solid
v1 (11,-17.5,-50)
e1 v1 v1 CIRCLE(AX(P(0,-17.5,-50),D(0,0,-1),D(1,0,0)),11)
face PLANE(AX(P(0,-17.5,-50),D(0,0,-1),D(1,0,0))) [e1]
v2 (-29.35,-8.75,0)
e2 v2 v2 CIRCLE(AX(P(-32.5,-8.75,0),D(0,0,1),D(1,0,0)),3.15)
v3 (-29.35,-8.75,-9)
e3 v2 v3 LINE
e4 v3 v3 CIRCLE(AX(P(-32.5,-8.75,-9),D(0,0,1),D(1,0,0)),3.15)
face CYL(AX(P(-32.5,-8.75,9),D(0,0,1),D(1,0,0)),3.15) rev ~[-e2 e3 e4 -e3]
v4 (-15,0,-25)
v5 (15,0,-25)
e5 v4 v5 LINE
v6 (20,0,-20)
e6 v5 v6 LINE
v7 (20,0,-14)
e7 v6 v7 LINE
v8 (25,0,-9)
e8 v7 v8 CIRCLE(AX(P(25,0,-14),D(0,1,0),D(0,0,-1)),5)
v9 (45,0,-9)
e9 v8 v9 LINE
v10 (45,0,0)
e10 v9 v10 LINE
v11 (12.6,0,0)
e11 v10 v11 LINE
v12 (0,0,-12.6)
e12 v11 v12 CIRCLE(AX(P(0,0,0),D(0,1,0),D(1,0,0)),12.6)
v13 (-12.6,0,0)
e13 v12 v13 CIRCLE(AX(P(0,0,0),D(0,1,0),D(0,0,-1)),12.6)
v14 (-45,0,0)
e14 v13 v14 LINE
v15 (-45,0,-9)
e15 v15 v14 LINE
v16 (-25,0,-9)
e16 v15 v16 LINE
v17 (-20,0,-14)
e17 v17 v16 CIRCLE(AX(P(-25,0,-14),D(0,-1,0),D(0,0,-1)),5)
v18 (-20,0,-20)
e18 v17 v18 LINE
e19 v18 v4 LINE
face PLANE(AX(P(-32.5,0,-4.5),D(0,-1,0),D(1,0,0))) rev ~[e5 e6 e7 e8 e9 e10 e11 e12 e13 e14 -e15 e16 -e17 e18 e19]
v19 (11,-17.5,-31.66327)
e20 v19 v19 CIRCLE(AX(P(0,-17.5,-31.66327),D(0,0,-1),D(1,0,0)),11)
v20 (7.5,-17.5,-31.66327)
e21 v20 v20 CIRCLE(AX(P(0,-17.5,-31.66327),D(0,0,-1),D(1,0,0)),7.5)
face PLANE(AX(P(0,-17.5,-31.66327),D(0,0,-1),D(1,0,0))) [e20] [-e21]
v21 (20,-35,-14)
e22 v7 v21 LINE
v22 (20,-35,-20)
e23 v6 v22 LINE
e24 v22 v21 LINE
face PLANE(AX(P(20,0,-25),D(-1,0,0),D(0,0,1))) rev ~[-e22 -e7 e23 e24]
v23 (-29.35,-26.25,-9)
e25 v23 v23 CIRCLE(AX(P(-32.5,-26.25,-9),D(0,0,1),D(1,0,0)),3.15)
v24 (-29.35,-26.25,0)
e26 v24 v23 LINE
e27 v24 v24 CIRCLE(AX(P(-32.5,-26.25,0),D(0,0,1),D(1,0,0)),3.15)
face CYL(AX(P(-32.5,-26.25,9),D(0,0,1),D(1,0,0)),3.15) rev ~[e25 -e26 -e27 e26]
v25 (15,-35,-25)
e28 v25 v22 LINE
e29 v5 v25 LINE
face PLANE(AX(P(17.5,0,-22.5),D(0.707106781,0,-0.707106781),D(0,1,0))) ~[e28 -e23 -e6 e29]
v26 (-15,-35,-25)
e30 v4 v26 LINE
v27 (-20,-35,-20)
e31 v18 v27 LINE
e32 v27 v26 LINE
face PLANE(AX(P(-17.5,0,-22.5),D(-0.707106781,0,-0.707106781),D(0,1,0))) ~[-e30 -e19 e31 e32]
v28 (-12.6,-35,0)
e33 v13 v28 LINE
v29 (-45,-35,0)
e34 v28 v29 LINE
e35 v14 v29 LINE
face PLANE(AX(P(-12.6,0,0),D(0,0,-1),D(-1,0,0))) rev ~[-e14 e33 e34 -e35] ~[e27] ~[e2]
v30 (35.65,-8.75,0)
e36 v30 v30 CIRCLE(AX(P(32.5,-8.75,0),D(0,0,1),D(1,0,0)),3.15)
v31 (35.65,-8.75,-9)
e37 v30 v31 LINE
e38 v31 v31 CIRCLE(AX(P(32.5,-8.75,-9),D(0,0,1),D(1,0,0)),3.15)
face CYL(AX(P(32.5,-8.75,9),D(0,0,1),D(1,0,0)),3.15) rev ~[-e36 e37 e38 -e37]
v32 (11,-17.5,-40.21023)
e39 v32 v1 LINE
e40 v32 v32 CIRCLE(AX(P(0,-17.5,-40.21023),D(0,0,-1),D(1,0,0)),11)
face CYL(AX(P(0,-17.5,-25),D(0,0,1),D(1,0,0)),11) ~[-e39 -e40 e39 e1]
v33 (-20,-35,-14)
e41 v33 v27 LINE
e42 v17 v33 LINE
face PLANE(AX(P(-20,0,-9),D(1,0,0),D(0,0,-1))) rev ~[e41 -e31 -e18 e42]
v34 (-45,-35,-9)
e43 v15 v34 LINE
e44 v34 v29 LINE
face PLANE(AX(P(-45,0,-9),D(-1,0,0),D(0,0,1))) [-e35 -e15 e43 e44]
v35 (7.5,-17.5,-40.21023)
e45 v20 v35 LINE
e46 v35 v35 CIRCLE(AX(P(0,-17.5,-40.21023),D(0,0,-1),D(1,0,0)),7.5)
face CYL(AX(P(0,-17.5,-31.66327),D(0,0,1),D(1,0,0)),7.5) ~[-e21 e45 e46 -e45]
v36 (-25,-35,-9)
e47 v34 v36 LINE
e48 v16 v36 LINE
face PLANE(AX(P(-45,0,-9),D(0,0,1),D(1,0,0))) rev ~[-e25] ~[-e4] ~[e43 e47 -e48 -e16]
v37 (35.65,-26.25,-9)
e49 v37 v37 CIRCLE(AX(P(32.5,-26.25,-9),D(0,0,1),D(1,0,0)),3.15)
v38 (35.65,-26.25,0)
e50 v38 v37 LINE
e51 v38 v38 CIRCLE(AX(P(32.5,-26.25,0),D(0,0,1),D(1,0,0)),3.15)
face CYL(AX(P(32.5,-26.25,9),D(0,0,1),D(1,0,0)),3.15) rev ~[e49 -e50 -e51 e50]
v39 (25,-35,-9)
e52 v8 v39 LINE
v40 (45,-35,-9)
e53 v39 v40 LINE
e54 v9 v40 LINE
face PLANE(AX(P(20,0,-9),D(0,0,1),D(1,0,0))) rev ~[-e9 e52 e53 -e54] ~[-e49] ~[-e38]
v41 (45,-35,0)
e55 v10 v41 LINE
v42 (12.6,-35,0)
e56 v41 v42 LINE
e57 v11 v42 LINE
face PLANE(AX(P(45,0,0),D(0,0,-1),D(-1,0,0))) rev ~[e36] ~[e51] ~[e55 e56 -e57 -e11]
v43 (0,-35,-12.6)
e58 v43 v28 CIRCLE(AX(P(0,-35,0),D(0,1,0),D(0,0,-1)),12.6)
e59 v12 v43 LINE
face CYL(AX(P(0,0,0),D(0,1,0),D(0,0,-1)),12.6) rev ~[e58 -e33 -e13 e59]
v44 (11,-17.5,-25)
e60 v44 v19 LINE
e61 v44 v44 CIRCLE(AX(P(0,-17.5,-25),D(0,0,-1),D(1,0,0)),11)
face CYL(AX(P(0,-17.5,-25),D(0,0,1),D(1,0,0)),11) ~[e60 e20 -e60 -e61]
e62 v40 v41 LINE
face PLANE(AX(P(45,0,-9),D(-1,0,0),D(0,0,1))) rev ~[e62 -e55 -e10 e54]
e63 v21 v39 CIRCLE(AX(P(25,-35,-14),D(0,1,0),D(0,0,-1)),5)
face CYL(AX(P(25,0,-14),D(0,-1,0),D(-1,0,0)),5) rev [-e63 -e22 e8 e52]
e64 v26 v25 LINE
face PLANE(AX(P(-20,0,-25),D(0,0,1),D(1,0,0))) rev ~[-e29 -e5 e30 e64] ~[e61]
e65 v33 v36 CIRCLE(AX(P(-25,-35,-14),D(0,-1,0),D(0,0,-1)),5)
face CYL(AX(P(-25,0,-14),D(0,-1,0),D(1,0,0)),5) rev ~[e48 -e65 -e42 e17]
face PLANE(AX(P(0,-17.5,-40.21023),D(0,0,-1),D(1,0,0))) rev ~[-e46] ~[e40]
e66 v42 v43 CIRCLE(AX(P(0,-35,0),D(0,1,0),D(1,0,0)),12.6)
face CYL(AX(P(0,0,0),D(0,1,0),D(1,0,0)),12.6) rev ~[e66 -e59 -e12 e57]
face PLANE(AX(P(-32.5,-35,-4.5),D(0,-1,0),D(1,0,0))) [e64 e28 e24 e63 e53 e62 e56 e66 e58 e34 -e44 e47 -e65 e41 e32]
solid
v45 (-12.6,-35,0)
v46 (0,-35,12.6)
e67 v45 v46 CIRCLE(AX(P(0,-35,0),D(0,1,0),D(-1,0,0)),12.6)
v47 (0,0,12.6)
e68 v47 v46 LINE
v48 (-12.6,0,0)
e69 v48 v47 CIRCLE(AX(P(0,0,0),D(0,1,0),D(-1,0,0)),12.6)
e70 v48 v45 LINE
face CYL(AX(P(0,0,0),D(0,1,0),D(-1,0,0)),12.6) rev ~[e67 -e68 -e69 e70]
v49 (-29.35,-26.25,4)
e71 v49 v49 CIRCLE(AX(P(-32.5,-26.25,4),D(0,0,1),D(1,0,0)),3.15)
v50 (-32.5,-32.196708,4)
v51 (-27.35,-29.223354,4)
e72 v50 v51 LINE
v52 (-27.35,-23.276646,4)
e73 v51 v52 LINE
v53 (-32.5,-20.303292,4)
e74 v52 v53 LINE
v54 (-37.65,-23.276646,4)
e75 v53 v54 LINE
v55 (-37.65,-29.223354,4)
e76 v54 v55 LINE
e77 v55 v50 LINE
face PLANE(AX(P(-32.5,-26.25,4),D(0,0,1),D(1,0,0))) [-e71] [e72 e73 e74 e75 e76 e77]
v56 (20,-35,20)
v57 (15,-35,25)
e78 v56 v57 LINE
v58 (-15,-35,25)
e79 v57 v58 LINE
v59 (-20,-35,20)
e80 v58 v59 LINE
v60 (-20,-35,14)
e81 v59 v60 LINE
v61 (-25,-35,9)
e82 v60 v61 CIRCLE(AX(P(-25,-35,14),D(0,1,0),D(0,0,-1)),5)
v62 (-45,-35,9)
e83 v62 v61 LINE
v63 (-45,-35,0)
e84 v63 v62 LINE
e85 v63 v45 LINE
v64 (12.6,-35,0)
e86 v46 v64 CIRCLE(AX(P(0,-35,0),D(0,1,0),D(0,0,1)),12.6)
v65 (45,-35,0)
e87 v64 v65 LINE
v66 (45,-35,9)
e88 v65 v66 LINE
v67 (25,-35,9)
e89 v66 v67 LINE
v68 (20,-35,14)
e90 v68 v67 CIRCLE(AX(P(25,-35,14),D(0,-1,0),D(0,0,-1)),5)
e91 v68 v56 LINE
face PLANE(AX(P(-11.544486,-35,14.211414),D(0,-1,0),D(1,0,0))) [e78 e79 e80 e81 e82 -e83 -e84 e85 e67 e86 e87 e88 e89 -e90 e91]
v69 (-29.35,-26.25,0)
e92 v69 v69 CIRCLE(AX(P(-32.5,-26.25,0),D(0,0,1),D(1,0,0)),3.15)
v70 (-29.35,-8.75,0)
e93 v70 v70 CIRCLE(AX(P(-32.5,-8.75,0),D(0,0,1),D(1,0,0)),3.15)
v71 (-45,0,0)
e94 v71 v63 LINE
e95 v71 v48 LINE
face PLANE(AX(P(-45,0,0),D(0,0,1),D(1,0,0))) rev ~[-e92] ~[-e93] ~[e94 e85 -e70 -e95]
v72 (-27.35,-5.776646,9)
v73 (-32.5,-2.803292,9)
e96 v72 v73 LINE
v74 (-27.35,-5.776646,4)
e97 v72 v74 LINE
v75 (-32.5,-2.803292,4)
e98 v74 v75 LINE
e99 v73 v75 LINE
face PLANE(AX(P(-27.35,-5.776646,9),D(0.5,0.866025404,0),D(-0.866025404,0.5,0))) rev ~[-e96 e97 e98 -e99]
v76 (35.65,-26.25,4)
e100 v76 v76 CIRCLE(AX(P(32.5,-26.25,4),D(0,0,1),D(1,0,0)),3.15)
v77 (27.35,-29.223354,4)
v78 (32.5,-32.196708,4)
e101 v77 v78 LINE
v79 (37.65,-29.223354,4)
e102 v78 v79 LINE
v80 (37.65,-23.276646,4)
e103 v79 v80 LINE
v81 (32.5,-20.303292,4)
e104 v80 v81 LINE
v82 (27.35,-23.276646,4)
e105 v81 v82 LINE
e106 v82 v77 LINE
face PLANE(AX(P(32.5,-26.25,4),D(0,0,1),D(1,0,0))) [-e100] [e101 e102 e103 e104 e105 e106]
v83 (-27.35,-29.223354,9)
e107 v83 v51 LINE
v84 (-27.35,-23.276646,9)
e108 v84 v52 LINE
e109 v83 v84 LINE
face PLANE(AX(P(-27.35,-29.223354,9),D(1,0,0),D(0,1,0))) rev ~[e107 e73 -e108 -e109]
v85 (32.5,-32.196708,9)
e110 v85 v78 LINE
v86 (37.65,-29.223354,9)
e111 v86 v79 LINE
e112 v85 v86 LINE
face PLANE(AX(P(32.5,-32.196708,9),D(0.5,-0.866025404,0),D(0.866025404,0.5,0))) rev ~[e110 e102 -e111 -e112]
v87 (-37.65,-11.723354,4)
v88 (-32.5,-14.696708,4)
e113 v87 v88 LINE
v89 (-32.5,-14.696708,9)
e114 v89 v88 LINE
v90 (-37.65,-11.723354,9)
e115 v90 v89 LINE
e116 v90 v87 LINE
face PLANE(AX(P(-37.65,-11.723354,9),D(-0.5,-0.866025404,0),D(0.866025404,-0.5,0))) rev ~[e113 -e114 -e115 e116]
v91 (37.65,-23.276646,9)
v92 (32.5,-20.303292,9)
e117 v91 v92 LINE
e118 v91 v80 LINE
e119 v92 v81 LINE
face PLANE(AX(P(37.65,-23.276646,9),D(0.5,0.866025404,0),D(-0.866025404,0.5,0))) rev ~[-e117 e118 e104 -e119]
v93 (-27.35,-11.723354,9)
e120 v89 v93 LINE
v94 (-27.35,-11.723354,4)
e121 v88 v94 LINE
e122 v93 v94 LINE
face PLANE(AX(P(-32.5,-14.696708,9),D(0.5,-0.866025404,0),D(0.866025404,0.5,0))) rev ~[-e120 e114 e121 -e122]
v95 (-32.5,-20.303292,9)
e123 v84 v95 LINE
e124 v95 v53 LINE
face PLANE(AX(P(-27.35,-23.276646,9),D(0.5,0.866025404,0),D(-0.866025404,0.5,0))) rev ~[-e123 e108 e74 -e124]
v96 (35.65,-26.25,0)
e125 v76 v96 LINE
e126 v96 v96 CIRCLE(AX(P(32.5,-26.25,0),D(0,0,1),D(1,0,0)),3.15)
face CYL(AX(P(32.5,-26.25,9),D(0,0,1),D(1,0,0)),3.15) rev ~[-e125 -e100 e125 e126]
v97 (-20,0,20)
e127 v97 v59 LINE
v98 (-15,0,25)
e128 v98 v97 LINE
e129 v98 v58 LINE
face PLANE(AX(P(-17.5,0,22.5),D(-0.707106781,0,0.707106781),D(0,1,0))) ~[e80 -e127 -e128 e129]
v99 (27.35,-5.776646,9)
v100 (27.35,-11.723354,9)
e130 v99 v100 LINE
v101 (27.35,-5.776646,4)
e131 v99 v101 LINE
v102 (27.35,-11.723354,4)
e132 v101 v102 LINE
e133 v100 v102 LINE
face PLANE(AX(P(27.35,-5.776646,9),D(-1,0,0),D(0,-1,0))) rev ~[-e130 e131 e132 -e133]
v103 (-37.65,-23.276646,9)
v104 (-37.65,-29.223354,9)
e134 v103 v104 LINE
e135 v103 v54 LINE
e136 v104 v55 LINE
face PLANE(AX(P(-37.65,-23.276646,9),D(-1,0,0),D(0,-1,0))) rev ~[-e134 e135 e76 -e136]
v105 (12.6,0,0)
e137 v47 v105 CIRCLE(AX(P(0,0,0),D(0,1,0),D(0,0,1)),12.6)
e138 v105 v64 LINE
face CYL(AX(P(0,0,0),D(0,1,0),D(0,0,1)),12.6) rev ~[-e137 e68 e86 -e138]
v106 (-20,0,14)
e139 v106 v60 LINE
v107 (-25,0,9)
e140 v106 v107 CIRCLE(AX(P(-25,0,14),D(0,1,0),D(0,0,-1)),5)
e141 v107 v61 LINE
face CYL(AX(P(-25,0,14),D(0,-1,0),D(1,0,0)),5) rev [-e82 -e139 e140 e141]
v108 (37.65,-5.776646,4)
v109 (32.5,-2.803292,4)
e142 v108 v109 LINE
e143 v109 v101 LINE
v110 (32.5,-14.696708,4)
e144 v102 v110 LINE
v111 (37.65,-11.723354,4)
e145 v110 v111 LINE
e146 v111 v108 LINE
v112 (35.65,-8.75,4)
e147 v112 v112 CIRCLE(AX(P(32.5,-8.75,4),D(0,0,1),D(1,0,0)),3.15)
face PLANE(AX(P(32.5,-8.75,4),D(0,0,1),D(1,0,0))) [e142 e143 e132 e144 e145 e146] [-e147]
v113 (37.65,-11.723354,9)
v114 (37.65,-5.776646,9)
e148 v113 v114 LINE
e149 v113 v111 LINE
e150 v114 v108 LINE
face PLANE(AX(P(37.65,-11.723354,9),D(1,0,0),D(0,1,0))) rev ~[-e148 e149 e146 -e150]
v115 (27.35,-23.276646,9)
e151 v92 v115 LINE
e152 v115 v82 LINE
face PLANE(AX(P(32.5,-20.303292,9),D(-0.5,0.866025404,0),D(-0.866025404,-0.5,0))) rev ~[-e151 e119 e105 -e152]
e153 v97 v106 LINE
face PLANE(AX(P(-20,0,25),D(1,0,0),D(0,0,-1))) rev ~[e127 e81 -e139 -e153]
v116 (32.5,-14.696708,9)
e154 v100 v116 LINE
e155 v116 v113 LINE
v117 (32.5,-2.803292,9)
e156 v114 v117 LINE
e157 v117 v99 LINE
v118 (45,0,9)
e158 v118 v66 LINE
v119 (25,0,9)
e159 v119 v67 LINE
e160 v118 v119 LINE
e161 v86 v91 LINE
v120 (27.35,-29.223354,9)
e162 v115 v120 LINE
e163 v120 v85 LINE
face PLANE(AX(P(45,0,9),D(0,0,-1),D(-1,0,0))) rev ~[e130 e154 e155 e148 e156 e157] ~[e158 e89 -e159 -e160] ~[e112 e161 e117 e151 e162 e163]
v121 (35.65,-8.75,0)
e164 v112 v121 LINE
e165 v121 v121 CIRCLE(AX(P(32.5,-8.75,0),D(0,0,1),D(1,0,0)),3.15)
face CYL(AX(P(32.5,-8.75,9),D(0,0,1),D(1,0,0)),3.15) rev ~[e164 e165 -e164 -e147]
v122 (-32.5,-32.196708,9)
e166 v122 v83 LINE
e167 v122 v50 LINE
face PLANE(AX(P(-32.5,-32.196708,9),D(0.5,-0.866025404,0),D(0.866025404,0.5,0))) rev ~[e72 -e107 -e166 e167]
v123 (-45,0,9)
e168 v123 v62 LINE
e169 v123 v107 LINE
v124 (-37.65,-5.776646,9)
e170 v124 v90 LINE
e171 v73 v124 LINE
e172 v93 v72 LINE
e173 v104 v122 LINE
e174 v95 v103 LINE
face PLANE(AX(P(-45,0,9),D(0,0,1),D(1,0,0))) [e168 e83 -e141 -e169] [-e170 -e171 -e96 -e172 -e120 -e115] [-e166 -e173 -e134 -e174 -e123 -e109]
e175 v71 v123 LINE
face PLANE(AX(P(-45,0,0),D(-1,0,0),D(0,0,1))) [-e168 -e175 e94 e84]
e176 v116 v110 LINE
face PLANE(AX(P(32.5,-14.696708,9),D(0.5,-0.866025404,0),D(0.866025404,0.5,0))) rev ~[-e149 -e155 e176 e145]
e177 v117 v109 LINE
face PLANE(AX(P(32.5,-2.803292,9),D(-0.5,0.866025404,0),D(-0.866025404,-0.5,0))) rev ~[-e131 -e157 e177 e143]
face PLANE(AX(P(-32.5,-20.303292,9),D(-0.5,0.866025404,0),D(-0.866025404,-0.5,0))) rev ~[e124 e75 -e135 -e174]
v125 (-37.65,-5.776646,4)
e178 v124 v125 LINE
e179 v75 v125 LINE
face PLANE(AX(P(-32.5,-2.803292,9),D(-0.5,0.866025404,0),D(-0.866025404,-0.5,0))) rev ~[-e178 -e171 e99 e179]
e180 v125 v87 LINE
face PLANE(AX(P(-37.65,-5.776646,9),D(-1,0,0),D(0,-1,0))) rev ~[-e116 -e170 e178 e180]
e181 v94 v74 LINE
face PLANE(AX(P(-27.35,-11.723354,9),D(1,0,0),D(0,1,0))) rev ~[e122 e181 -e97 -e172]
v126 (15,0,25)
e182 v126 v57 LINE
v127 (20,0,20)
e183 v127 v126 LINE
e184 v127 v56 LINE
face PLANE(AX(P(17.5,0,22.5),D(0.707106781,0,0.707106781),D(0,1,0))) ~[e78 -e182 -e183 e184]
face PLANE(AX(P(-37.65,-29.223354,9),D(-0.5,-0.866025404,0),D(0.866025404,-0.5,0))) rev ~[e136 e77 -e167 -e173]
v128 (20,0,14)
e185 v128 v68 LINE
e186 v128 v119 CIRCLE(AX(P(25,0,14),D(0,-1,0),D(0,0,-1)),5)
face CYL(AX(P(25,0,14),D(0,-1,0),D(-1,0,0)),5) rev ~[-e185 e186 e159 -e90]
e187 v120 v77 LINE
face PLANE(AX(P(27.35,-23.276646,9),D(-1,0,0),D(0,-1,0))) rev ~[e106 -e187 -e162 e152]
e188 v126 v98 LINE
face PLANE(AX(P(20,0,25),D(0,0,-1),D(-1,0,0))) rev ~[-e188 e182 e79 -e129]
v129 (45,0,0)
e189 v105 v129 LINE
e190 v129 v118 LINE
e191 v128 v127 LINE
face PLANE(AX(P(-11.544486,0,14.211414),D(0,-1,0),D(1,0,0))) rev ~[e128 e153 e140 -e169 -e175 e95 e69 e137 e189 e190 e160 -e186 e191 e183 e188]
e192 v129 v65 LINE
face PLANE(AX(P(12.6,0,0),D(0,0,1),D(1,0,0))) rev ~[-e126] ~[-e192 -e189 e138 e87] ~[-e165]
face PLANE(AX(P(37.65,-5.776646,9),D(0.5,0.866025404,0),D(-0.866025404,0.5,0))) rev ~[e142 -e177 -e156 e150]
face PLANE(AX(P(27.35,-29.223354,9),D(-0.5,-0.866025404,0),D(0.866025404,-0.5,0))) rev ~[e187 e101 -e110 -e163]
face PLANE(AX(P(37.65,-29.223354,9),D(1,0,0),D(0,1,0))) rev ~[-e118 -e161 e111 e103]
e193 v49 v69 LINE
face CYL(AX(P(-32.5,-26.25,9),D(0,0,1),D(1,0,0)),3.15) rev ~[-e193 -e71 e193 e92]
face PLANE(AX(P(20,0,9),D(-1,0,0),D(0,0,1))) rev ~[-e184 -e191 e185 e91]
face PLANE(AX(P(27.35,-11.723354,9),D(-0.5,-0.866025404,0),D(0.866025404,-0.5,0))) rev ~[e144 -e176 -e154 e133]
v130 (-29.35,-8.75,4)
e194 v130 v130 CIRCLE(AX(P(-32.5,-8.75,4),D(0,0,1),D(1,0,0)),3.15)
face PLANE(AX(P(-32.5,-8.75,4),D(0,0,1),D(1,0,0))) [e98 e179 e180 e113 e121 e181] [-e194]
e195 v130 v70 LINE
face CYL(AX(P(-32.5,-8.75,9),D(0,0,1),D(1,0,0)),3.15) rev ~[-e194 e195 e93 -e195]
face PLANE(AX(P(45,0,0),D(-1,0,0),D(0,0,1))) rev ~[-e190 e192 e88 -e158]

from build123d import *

# Parameters (mm, degrees)
F8_W      = 25
F8_H      = 9
F9_DEPTH  = 35
F0_R      = 3.15
F10_DEPTH = 5
F1_SIZE   = 5
F2_DEPTH  = 35
F3_SIZE   = 5
F11_R     = 11
F11_R_2   = 7.5
F4_DEPTH  = 25
F5_START  = 6.66327
F5_DEPTH  = 8.54696
F6_DEPTH  = 59.001
F7_R      = 5
F7_2_R    = 5


with BuildPart() as f9:
    # F8 (on Front) → F9 (new body)
    with BuildSketch(Plane.XZ):
        with BuildLine():
            ThreePointArc((-12.6, 0), (-8.909545443, 8.909545443), (0, 12.6))
            Line((0, 12.6), (0, 25))
            Line((0, 25), (-20, 25))
            Line((-20, 25), (-20, 9))
            Line((-20, 9), (-20, 0))
            Line((-20, 0), (-12.6, 0))
        make_face()
        Polygon((20, 9), (20, 0), (28.6917275764, 0), (45, 0), (45, 9), align=None)
        with Locations((-32.5, 4.5)):
            Rectangle(F8_W, F8_H)
        with BuildLine():
            ThreePointArc((0, 12.6), (8.909545443, 8.909545443), (12.6, 0))
            Line((12.6, 0), (20, 0))
            Line((20, 0), (20, 9))
            Line((20, 9), (20, 25))
            Line((20, 25), (0, 25))
            Line((0, 25), (0, 12.6))
        make_face()
    extrude(amount=F9_DEPTH)

    # F0 (on face) → F10 (cut)
    with BuildSketch(Plane.XY.offset(9)):
        Polygon((27.35, -11.7233538863), (32.5, -14.6967077727), (37.65, -11.7233538863), (37.65, -5.7766461137), (32.5, -2.8032922273), (27.35, -5.7766461137), align=None)
        with Locations((32.5, -8.75)):
            Circle(F0_R, mode=Mode.SUBTRACT)
        Polygon((27.35, -29.2233538863), (32.5, -32.1967077727), (37.65, -29.2233538863), (37.65, -23.2766461137), (32.5, -20.3032922273), (27.35, -23.2766461137), align=None)
        with Locations((32.5, -26.25)):
            Circle(F0_R, mode=Mode.SUBTRACT)
        Polygon((-27.35, -5.7766461137), (-32.5, -2.8032922273), (-37.65, -5.7766461137), (-37.65, -11.7233538863), (-32.5, -14.6967077727), (-27.35, -11.7233538863), align=None)
        with Locations((-32.5, -8.75)):
            Circle(F0_R, mode=Mode.SUBTRACT)
        Polygon((-32.5, -20.3032922273), (-37.65, -23.2766461137), (-37.65, -29.2233538863), (-32.5, -32.1967077727), (-27.35, -29.2233538863), (-27.35, -23.2766461137), align=None)
        with Locations((-32.5, -26.25)):
            Circle(F0_R, mode=Mode.SUBTRACT)
        with Locations((32.5, -8.75)):
            Circle(F0_R)
        with Locations((32.5, -26.25)):
            Circle(F0_R)
        with Locations((-32.5, -8.75)):
            Circle(F0_R)
        with Locations((-32.5, -26.25)):
            Circle(F0_R)
    extrude(amount=-F10_DEPTH, mode=Mode.SUBTRACT)

    # F1
    f1_edges = [f9.edges().sort_by_distance(p)[0] for p in [
        (-20, -17.5, 25),
        (20, -17.5, 25),
    ]]
    chamfer(f1_edges, length=F1_SIZE)


with BuildPart() as f2:
    # F8 (on Front) → F2 (new body, through all)
    with BuildSketch(Plane.XZ):
        with Locations((-32.5, -4.5)):
            Rectangle(F8_W, F8_H)
        Polygon((28.6917275764, 0), (20, 0), (20, -9), (45, -9), (45, 0), align=None)
        with BuildLine():
            Line((0, -25), (0, -12.6))
            ThreePointArc((0, -12.6), (-8.909545443, -8.909545443), (-12.6, 0))
            Line((-12.6, 0), (-20, 0))
            Line((-20, 0), (-20, -9))
            Line((-20, -9), (-20, -25))
            Line((-20, -25), (0, -25))
        make_face()
        with BuildLine():
            Line((20, 0), (12.6, 0))
            ThreePointArc((12.6, 0), (8.909545443, -8.909545443), (0, -12.6))
            Line((0, -12.6), (0, -25))
            Line((0, -25), (20, -25))
            Line((20, -25), (20, -9))
            Line((20, -9), (20, 0))
        make_face()
    extrude(amount=F2_DEPTH)

    # F3
    f3_edges = [f2.edges().sort_by_distance(p)[0] for p in [
        (-20, -17.5, -25),
        (20, -17.5, -25),
    ]]
    chamfer(f3_edges, length=F3_SIZE)

    # F11 (on face) → F4 (join)
    with BuildSketch(Plane(origin=(0, 0, -25), x_dir=(1, 0, 0), z_dir=(0, 0, -1))):
        with Locations((0, 17.5)):
            Circle(F11_R)
        with Locations((0, 17.5)):
            Circle(F11_R_2, mode=Mode.SUBTRACT)
        with Locations((0, 17.5)):
            Circle(F11_R_2)
    extrude(amount=F4_DEPTH)

    # F11 (on face) → F5 (cut)
    with BuildSketch(Plane(origin=(0, 0, -25), x_dir=(1, 0, 0), z_dir=(0, 0, -1)).offset(F5_START)):
        with Locations((0, 17.5)):
            Circle(F11_R)
        with Locations((0, 17.5)):
            Circle(F11_R_2, mode=Mode.SUBTRACT)
    extrude(amount=F5_DEPTH, mode=Mode.SUBTRACT)


with BuildPart() as f6_tool:
    # F0 (on face) → F6 (new body, through all)
    with BuildSketch(Plane.XY.offset(9)):
        with Locations((-32.5, -26.25)):
            Circle(F0_R)
        with Locations((-32.5, -8.75)):
            Circle(F0_R)
        with Locations((32.5, -8.75)):
            Circle(F0_R)
        with Locations((32.5, -26.25)):
            Circle(F0_R)
    extrude(amount=-F6_DEPTH)


with BuildPart() as f9_1:
    add(f9.part)

    # F6: cut by f6_tool
    add(f6_tool.part, mode=Mode.SUBTRACT)

    # F7
    f7_edges = [f9_1.edges().sort_by_distance(p)[0] for p in [
        (-20, -17.5, 9),
        (20, -17.5, 9),
    ]]
    fillet(f7_edges, radius=F7_R)


with BuildPart() as f2_1:
    add(f2.part)

    # F6: cut by f6_tool
    add(f6_tool.part, mode=Mode.SUBTRACT)

    # F7#2
    f7_2_edges = [f2_1.edges().sort_by_distance(p)[0] for p in [
        (20, -17.5, -9),
        (-20, -17.5, -9),
    ]]
    fillet(f7_2_edges, radius=F7_2_R)


solid = Compound([f9_1.part, f2_1.part])
